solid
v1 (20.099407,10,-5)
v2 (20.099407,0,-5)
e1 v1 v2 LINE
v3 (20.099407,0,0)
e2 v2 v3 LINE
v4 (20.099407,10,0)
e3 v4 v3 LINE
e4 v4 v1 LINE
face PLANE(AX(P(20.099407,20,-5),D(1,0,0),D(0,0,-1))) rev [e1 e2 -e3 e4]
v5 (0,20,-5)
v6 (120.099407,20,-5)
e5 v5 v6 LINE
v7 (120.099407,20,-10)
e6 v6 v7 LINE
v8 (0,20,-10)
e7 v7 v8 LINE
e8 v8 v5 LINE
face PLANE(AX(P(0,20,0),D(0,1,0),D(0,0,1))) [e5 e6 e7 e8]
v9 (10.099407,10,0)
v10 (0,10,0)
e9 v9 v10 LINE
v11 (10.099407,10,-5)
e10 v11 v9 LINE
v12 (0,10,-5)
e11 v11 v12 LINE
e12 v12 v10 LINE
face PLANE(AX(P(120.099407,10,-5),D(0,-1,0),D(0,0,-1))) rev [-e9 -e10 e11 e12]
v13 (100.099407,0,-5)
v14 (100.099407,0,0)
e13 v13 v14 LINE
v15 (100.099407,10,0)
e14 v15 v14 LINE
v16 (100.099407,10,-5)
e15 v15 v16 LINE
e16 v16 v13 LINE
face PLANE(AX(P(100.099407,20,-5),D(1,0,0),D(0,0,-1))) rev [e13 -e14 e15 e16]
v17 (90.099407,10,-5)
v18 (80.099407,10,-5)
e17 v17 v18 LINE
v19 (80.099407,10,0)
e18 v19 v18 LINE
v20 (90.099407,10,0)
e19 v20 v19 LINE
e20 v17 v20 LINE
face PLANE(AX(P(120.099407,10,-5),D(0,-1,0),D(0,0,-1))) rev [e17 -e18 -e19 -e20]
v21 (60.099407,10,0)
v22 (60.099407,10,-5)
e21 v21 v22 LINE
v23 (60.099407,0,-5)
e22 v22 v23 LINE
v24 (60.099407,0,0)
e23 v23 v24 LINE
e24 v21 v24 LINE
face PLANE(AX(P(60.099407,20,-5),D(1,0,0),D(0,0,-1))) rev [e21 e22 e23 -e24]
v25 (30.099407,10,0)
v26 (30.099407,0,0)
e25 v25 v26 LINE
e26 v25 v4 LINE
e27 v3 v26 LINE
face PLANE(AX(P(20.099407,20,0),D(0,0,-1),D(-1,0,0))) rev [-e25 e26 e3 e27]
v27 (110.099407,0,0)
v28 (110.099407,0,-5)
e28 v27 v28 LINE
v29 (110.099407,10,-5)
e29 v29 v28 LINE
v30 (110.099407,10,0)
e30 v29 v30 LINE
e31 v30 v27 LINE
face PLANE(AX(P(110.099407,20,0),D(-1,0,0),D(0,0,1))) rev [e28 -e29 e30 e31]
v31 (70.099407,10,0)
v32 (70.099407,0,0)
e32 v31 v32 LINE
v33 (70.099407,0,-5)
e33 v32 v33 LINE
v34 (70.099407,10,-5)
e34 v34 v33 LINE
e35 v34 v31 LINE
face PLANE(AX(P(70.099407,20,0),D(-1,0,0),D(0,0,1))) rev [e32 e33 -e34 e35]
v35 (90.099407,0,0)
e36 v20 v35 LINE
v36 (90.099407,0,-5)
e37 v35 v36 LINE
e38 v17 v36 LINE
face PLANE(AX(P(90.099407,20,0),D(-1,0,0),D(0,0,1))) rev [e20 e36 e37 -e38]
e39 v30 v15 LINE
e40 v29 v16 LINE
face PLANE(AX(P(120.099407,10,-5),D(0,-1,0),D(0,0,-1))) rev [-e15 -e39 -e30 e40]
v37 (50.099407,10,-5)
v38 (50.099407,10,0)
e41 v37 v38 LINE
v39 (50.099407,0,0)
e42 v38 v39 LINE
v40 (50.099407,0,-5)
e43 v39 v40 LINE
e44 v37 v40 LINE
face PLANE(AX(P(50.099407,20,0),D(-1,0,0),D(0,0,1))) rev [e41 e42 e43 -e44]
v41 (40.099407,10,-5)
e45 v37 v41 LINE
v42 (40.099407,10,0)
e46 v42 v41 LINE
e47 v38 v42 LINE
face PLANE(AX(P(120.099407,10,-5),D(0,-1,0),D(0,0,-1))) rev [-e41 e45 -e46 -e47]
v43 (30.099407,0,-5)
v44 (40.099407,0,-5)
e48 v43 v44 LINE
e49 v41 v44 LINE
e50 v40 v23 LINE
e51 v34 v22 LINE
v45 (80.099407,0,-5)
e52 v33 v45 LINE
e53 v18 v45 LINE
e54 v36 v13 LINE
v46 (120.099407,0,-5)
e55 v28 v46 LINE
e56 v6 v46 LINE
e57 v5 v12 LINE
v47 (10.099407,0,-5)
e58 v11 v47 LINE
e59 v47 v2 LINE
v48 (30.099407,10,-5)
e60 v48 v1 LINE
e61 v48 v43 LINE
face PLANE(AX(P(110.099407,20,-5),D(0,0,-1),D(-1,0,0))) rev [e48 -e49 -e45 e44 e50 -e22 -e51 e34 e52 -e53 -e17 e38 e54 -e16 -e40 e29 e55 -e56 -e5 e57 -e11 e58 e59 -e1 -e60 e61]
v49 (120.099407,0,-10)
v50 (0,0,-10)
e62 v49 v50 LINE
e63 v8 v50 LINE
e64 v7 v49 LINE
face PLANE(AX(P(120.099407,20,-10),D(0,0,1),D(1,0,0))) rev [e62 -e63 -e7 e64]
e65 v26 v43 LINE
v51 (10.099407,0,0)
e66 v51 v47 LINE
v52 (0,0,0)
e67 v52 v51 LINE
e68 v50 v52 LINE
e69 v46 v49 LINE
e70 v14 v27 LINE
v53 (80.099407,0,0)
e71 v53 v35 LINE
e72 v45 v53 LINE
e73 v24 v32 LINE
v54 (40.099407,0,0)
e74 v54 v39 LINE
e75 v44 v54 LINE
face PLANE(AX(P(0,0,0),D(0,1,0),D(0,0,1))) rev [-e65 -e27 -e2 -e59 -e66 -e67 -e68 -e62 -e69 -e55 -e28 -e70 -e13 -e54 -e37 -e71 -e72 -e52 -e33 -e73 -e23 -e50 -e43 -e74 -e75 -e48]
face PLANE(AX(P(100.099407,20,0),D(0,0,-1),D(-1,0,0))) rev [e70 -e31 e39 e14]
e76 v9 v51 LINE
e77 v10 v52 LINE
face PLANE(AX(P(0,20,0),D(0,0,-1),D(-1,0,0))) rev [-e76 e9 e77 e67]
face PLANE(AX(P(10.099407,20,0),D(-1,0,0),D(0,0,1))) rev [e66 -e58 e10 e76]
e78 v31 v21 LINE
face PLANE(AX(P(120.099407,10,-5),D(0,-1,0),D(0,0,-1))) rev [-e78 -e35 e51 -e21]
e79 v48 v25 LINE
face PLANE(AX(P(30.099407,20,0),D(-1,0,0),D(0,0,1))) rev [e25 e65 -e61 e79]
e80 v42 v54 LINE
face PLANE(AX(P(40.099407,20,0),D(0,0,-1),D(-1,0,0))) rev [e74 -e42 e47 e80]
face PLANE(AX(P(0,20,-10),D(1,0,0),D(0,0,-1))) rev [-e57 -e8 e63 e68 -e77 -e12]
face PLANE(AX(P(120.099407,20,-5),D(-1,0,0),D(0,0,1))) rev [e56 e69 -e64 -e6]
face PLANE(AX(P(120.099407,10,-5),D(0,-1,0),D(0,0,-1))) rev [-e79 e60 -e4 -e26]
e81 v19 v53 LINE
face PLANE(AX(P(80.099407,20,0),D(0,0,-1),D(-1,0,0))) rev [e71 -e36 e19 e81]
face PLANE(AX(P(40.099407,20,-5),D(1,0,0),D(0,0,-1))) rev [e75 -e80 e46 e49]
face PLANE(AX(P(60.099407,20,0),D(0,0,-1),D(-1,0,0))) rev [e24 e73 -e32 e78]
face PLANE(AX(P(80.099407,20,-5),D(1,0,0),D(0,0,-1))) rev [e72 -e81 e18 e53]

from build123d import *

# Parameters (mm, degrees)
EXTRUDE_1_DEPTH     = 20
SKETCH_2_W          = 5
SKETCH_2_H          = 10
CUT_EXTRUDE_1_DEPTH = 121.099407002


with BuildPart() as part:
    # Эскиз1 → Бобышка-Вытянуть1 (new body)
    with BuildSketch(Plane(origin=(0, 0, 0), x_dir=(1, 0, 0), z_dir=(0, 1, 0))):
        Polygon((0, 0), (10.099407002, 0), (10.099407002, 5), (20.099407002, 5), (20.099407002, 0), (30.099407002, 0), (30.099407002, 5), (40.099407002, 5), (40.099407002, 0), (50.099407002, 0), (50.099407002, 5), (60.099407002, 5), (60.099407002, 0), (70.099407002, 0), (70.099407002, 5), (80.099407002, 5), (80.099407002, 0), (90.099407002, 0), (90.099407002, 5), (100.099407002, 5), (100.099407002, 0), (110.099407002, 0), (110.099407002, 5), (120.099407002, 5), (120.099407002, 10), (0, 10), align=None)
    extrude(amount=EXTRUDE_1_DEPTH)

    # Эскиз2 → Вырез-Вытянуть1 (cut, through all)
    with BuildSketch(Plane.ZY):
        with Locations((-2.5, 15)):
            Rectangle(SKETCH_2_W, SKETCH_2_H)
    extrude(amount=-CUT_EXTRUDE_1_DEPTH, mode=Mode.SUBTRACT)


solid = part.part
